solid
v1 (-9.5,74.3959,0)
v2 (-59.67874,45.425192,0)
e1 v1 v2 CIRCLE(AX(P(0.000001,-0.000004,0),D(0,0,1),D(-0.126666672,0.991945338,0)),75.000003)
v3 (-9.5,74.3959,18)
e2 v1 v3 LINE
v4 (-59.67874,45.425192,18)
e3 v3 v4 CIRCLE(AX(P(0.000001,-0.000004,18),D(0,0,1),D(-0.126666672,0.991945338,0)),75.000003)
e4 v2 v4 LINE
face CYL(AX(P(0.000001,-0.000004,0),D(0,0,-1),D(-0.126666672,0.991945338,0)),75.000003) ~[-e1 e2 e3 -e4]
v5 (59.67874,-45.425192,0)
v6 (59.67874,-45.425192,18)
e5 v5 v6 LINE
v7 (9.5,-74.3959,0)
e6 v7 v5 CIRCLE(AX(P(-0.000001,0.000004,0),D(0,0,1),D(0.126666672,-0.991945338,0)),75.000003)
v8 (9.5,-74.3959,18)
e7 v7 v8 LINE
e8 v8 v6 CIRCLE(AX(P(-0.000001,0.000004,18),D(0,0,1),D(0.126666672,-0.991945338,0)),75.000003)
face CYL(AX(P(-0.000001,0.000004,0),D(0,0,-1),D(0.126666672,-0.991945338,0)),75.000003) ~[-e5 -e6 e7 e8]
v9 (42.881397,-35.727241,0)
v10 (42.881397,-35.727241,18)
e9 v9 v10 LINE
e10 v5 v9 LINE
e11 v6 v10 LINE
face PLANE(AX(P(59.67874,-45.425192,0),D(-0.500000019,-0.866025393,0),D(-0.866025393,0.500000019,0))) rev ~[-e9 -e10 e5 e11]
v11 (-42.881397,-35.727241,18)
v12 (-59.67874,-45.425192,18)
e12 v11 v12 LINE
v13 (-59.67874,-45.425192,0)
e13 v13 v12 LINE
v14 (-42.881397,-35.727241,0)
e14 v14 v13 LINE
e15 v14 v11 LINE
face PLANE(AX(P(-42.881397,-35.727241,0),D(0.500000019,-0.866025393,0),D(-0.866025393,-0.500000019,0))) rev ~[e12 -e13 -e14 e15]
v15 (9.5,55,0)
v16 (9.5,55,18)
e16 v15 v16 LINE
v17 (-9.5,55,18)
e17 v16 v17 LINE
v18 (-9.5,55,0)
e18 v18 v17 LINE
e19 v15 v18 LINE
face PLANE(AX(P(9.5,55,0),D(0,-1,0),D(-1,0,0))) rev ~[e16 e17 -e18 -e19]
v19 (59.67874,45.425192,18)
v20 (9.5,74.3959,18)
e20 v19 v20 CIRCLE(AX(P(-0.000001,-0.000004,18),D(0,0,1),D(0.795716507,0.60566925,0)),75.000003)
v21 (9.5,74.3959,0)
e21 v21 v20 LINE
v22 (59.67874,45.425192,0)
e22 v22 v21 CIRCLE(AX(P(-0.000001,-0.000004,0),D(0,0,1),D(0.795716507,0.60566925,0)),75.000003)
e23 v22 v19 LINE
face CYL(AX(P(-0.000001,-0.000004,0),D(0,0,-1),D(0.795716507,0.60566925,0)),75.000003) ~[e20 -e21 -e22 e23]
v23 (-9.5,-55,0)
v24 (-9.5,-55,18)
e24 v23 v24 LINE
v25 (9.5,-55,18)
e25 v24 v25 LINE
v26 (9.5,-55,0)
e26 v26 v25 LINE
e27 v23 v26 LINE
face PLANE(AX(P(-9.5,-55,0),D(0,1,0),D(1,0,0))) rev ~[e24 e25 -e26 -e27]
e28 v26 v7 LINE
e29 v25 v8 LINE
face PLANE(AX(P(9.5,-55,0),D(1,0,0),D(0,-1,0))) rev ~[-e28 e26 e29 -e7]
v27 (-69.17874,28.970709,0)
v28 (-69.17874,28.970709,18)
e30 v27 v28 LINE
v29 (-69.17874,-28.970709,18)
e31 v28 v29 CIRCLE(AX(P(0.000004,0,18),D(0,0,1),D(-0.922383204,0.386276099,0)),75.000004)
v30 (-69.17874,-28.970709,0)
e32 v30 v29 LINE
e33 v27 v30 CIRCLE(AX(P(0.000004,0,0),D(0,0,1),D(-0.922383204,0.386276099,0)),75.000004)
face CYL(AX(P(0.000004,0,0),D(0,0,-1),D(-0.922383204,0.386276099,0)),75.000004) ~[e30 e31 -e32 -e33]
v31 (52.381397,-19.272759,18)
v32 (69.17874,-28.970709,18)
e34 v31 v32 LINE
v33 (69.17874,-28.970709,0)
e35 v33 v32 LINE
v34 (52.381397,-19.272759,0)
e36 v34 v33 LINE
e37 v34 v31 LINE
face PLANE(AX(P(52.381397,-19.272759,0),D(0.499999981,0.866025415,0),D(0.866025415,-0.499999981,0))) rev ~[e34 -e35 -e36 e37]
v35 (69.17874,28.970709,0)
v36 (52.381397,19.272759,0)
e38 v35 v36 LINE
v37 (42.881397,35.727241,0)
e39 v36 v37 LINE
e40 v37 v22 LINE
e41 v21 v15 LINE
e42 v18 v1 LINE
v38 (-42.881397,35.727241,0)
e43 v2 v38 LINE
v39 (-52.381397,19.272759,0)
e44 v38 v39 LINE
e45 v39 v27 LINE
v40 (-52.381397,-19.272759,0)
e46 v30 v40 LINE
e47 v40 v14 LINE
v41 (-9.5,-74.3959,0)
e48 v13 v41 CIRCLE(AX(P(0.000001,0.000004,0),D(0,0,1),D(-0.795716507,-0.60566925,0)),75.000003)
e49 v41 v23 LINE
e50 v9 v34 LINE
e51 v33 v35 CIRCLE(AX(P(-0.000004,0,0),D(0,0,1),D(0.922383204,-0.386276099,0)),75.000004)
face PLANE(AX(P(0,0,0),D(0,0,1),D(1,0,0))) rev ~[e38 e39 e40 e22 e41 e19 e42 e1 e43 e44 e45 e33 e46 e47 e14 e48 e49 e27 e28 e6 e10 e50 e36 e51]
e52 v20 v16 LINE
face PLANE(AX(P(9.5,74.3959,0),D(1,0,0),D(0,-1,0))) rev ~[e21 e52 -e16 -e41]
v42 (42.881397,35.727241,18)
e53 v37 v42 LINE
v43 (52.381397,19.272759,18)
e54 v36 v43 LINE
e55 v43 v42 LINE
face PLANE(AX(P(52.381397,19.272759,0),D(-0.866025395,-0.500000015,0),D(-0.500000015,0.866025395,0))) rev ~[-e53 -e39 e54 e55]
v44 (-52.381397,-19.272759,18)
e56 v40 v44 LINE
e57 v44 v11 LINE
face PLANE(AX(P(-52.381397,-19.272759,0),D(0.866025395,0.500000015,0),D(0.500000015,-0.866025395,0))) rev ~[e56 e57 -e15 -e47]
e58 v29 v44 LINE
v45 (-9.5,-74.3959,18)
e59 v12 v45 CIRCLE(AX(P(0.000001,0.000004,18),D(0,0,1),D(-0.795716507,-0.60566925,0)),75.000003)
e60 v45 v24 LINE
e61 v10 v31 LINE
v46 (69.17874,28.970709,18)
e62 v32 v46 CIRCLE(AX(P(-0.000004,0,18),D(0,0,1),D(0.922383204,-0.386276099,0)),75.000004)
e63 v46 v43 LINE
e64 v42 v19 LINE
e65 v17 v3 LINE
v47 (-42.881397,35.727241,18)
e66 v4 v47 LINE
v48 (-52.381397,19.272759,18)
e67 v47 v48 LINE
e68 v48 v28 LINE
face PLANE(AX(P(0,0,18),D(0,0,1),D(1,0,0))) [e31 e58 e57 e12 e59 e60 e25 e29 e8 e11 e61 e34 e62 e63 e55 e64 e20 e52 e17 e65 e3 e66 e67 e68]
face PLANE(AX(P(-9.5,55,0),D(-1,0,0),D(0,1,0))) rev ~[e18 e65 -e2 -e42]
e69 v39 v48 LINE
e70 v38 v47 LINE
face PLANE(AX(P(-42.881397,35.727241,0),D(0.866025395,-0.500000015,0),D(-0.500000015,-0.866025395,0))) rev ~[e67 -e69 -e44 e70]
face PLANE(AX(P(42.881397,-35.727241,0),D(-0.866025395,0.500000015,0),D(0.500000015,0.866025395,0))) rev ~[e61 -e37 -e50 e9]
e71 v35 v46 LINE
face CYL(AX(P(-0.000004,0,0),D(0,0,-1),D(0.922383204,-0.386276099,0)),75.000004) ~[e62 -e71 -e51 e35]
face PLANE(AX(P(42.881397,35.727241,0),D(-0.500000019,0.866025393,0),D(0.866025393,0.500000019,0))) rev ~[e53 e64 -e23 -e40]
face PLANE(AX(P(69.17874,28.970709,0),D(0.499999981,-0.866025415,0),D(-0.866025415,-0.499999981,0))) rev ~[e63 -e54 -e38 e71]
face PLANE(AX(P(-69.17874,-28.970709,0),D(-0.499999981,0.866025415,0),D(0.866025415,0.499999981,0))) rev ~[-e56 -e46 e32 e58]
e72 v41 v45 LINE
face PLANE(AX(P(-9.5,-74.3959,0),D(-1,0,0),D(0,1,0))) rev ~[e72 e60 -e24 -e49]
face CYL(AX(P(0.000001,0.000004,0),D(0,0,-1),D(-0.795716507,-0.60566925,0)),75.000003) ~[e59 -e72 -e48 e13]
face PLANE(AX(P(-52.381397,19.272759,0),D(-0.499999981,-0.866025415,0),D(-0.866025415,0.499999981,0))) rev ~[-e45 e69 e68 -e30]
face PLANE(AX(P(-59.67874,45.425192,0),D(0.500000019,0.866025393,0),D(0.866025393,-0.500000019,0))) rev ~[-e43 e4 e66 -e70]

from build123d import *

# Parameters (mm, degrees)
F1_DEPTH = 18


with BuildPart() as f1:
    # F0 (on Top) → F1 (new body)
    with BuildSketch(Plane.XY):
        with BuildLine():
            Line((-9.5, 55), (-9.5, 74.3959))
            ThreePointArc((-9.5, 74.3959), (-37.5, 64.951905), (-59.67874, 45.425192))
            Line((-59.67874, 45.425192), (-42.881397, 35.727241))
            Line((-42.881397, 35.727241), (-52.381397, 19.272759))
            Line((-52.381397, 19.272759), (-69.17874, 28.970709))
            ThreePointArc((-69.17874, 28.970709), (-75, 0), (-69.17874, -28.970709))
            Line((-69.17874, -28.970709), (-52.381397, -19.272759))
            Line((-52.381397, -19.272759), (-42.881397, -35.727241))
            Line((-42.881397, -35.727241), (-59.67874, -45.425192))
            ThreePointArc((-59.67874, -45.425192), (-37.5, -64.951905), (-9.5, -74.3959))
            Line((-9.5, -74.3959), (-9.5, -55))
            Line((-9.5, -55), (9.5, -55))
            Line((9.5, -55), (9.5, -74.3959))
            ThreePointArc((9.5, -74.3959), (37.5, -64.951905), (59.67874, -45.425192))
            Line((59.67874, -45.425192), (42.881397, -35.727241))
            Line((42.881397, -35.727241), (52.381397, -19.272759))
            Line((52.381397, -19.272759), (69.17874, -28.970709))
            ThreePointArc((69.17874, -28.970709), (75, 0), (69.17874, 28.970709))
            Line((69.17874, 28.970709), (52.381397, 19.272759))
            Line((52.381397, 19.272759), (42.881397, 35.727241))
            Line((42.881397, 35.727241), (59.67874, 45.425192))
            ThreePointArc((59.67874, 45.425192), (37.5, 64.951905), (9.5, 74.3959))
            Line((9.5, 74.3959), (9.5, 55))
            Line((9.5, 55), (-9.5, 55))
        make_face()
    extrude(amount=F1_DEPTH)


solid = f1.part
